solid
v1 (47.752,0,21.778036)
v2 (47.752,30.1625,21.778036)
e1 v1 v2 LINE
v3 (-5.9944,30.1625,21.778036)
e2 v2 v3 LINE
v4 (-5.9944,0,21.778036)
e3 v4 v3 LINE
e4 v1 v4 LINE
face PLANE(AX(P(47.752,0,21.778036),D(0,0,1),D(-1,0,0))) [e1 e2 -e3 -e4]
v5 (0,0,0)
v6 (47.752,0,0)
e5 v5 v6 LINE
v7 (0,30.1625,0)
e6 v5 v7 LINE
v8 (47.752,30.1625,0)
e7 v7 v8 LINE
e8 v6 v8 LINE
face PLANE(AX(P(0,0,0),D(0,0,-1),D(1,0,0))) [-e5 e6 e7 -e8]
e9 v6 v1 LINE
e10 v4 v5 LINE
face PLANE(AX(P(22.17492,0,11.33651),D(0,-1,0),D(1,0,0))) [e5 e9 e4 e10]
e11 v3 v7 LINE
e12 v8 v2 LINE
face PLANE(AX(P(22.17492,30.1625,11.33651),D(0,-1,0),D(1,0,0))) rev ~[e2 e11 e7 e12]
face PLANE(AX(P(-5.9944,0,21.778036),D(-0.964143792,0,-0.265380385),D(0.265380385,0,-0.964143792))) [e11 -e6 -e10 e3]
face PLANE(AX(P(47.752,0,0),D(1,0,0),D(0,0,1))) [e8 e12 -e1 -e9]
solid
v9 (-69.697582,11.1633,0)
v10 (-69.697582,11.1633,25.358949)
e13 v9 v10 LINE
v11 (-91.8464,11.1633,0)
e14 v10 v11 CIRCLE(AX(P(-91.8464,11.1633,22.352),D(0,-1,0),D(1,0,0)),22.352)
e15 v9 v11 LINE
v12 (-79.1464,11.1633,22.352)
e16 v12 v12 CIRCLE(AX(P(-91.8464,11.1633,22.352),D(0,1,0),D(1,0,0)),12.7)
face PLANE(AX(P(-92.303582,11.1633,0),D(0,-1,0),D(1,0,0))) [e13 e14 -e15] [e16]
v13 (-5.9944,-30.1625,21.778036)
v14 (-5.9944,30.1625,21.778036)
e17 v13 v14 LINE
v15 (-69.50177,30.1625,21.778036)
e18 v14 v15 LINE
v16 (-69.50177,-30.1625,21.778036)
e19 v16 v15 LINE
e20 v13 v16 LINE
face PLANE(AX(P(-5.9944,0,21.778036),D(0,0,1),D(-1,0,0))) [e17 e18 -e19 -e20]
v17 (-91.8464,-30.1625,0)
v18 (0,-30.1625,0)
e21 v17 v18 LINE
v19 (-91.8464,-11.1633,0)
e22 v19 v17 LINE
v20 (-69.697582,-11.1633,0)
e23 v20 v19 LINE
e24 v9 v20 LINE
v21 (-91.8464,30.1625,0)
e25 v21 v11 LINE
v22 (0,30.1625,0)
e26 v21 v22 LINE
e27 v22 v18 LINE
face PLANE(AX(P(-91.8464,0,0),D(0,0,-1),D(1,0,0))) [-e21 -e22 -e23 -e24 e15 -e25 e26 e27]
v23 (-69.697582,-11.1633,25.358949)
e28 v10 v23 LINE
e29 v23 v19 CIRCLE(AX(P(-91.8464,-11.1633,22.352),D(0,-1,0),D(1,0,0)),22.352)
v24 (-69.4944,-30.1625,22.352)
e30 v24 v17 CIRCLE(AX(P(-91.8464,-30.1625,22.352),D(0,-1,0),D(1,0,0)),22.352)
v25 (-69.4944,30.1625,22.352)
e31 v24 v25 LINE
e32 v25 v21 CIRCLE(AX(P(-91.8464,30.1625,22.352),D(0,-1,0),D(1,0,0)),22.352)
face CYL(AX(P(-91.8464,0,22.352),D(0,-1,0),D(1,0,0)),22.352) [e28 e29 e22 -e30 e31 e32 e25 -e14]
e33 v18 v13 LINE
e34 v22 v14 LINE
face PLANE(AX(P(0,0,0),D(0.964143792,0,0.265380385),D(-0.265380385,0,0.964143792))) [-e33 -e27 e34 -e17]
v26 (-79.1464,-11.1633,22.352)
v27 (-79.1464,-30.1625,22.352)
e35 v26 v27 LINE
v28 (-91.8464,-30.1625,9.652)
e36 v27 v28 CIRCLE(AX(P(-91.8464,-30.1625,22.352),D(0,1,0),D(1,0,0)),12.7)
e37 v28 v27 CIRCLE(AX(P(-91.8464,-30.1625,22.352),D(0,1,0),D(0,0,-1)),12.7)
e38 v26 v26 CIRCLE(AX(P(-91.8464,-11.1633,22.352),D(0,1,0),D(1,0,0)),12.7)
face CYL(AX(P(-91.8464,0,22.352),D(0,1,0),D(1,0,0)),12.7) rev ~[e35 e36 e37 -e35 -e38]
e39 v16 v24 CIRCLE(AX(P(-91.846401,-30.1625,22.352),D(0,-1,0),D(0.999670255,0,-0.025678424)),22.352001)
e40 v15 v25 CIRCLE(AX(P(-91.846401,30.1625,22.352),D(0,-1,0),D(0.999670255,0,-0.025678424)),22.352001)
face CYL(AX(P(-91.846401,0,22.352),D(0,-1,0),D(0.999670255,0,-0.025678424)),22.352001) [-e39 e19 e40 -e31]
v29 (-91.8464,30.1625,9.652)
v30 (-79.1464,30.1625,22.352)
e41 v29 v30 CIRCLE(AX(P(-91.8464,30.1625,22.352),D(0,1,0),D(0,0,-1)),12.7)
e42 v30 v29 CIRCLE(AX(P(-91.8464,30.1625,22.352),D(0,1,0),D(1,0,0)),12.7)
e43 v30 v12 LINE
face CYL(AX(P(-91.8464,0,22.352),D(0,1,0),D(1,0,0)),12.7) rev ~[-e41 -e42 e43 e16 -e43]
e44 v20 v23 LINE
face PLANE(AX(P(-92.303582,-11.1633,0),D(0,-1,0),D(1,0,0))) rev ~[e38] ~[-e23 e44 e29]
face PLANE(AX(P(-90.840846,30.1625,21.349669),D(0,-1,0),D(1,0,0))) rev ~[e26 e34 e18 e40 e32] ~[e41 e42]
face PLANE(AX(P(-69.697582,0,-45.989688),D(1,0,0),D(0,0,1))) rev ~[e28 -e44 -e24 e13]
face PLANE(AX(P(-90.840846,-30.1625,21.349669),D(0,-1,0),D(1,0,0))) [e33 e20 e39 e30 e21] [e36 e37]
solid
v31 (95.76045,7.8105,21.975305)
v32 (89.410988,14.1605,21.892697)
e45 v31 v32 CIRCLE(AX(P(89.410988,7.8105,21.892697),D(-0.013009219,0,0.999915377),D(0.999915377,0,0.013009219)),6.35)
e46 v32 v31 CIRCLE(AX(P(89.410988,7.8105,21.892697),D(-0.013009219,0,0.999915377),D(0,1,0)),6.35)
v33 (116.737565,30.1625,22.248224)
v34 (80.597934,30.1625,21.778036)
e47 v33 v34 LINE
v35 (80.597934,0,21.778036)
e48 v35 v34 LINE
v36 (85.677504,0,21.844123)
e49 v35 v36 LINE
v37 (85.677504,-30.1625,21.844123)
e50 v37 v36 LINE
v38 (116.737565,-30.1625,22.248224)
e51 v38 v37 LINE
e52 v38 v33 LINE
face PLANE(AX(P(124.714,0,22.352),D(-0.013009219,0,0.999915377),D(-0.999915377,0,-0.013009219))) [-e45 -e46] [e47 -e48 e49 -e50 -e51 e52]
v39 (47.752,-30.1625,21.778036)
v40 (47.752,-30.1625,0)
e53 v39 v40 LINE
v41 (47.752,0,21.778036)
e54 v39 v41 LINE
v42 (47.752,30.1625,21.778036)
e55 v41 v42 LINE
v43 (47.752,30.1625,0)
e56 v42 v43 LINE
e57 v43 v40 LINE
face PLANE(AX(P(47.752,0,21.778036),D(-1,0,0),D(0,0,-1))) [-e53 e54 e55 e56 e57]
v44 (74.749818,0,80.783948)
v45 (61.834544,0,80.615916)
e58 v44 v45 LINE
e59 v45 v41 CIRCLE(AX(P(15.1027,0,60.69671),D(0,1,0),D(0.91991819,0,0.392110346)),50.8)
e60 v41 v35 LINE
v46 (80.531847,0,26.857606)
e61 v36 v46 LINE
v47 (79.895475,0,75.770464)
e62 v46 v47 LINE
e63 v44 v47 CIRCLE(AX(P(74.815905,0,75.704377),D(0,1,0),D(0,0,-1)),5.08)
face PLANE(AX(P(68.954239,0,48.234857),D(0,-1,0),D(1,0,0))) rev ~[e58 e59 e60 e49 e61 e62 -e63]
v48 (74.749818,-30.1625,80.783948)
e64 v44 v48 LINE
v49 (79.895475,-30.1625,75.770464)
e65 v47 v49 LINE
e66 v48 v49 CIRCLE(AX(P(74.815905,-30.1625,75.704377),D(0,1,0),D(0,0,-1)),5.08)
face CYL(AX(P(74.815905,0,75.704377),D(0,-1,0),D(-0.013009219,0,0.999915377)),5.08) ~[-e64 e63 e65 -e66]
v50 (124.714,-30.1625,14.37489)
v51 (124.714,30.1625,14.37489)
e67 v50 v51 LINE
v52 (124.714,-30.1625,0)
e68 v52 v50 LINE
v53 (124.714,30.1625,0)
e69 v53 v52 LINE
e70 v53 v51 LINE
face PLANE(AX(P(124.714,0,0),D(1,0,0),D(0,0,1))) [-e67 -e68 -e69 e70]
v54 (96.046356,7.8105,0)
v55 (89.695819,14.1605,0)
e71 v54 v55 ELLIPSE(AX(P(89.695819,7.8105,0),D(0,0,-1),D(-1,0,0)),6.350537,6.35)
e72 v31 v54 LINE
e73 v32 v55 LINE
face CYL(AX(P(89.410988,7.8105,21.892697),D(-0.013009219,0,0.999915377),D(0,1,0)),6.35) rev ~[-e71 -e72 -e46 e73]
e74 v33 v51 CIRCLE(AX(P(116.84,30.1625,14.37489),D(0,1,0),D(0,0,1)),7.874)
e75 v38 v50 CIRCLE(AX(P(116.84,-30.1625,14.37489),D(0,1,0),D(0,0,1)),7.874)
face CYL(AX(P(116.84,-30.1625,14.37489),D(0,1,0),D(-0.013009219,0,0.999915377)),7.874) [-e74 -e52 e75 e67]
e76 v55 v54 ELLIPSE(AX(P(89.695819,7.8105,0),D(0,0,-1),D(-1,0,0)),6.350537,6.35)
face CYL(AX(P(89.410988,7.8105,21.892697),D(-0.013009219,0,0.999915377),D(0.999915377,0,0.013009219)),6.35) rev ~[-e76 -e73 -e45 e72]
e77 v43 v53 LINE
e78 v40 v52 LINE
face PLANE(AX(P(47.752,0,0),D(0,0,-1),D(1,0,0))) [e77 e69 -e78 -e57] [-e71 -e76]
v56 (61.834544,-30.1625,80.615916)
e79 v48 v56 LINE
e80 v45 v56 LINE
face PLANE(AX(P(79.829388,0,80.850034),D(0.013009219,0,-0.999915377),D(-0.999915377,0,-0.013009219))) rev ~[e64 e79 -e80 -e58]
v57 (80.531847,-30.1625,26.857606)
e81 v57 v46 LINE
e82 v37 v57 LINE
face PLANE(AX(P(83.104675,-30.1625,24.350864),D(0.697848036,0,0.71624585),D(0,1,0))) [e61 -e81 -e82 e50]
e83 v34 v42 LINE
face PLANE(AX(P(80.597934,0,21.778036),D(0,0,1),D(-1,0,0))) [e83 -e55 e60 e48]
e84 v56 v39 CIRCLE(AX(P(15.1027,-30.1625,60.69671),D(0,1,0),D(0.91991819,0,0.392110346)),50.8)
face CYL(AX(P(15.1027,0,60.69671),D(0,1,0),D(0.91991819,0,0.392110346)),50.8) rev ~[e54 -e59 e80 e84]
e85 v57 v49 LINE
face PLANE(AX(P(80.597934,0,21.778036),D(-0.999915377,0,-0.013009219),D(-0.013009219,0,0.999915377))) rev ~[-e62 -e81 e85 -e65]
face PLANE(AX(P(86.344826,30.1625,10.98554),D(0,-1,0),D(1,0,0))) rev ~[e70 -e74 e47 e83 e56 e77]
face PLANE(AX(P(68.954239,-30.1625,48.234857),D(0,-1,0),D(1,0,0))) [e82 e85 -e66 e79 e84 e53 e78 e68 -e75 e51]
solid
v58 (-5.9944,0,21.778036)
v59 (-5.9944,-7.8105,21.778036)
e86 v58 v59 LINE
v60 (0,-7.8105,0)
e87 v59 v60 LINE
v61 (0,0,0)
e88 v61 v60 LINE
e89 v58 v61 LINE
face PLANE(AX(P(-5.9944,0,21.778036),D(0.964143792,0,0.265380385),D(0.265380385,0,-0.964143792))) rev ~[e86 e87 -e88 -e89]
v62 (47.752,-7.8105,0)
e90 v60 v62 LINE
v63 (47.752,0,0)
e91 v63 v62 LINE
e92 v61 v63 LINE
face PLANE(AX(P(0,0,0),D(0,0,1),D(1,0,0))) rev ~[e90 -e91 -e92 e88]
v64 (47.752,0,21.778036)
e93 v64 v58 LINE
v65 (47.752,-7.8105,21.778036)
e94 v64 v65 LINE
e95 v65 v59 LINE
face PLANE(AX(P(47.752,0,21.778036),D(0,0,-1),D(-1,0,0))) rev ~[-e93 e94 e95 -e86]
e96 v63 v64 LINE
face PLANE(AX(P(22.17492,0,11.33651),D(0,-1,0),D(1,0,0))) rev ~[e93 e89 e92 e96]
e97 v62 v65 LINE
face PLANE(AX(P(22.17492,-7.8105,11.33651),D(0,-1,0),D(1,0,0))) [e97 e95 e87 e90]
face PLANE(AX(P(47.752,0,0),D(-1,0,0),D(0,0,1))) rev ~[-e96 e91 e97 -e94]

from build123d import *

# Parameters (mm, degrees)
F1_DEPTH = 30.1625
F2_DEPTH = 30.1625
F4_DEPTH = 80.772
F5_W     = 45.212
F5_H     = 91.9793769717
F6_DEPTH = 11.1633
F7_DEPTH = 30.1625
F8_DEPTH = 7.8105
F9_R     = 5.08
F10_R    = 7.874
F11_SIZE = 5.08


with BuildPart() as f1:
    # F0 (on Front) → F1 (new body, symmetric)
    with BuildSketch(Plane.XZ):
        with BuildLine():
            ThreePointArc((-69.4944, 22.352), (-107.6516507731, 38.1572507731), (-91.8464, 0))
            ThreePointArc((-91.8464, 0), (-76.245395903, 6.3451085102), (-69.5017704624, 21.7780358656))
            ThreePointArc((-69.5017704624, 21.7780358656), (-69.4962426916, 22.0649942722), (-69.4944, 22.352))
        make_face()
        with BuildLine():
            ThreePointArc((-79.1464, 22.352), (-82.8661438789, 13.3717438789), (-91.8464, 9.652))
            ThreePointArc((-91.8464, 9.652), (-100.8266561211, 31.3322561211), (-79.1464, 22.352))
        make_face(mode=Mode.SUBTRACT)
        with BuildLine():
            Line((-91.8464, 0), (0, 0))
            Line((0, 0), (-5.9944, 21.7780358656))
            Line((-5.9944, 21.7780358656), (-69.5017704624, 21.7780358656))
            ThreePointArc((-69.5017704624, 21.7780358656), (-76.245395903, 6.3451085102), (-91.8464, 0))
        make_face()
    extrude(amount=F1_DEPTH, both=True)

    # F5 (on face) → F6 (cut, symmetric)
    with BuildSketch(Plane.XZ):
        with Locations((-92.3035815358, 0)):
            Rectangle(F5_W, F5_H)
    extrude(amount=F6_DEPTH, both=True, mode=Mode.SUBTRACT)


with BuildPart() as f1b:
    # F0 (on Front) → F1, piece 2 (new body, symmetric)
    with BuildSketch(Plane.XZ):
        Polygon((47.752, 21.7780358656), (47.752, 0), (124.714, 0), (124.714, 22.352), (80.5979335705, 21.7780358656), align=None)
    extrude(amount=F1_DEPTH, both=True)

    # F0 (on Front) → F2 (join)
    with BuildSketch(Plane.XZ):
        with BuildLine():
            ThreePointArc((61.8345440238, 80.6159156896), (64.5073104258, 48.8719706275), (47.752, 21.7780358656))
            Line((47.752, 21.7780358656), (80.5979335705, 21.7780358656))
            Line((80.5979335705, 21.7780358656), (79.8293879764, 80.8500343649))
            Line((79.8293879764, 80.8500343649), (61.8345440238, 80.6159156896))
        make_face()
    extrude(amount=F2_DEPTH)

    # F3 (on face) → F4 (cut)
    with BuildSketch(Plane(origin=(-0.2696508837, 0, 20.7259227271), x_dir=(0.9999153765, 0, 0.0130092189), z_dir=(-0.0130092189, 0, 0.9999153765))):
        with BuildLine():
            ThreePointArc((96.0382283288, 7.8105), (94.1783563893, 12.3006280605), (89.6882283288, 14.1605))
            ThreePointArc((89.6882283288, 14.1605), (85.1981002683, 3.3203719395), (96.0382283288, 7.8105))
        make_face()
    extrude(amount=-F4_DEPTH, mode=Mode.SUBTRACT)

    # F9
    f9_edges = [f1b.edges().sort_by_distance(p)[0] for p in [
        (79.829388, -15.08125, 80.850034),
    ]]
    fillet(f9_edges, radius=F9_R)

    # F10
    f10_edges = [f1b.edges().sort_by_distance(p)[0] for p in [
        (124.714, 0, 22.352),
    ]]
    fillet(f10_edges, radius=F10_R)

    # F11
    f11_edges = [f1b.edges().sort_by_distance(p)[0] for p in [
        (80.597934, 15.08125, 21.778036),
        (80.597934, -15.08125, 21.778036),
    ]]
    chamfer(f11_edges, length=F11_SIZE)


with BuildPart() as f7:
    # F0 (on Front) → F7 (new body)
    with BuildSketch(Plane.XZ):
        Polygon((-5.9944, 21.7780358656), (0, 0), (47.752, 0), (47.752, 21.7780358656), align=None)
    extrude(amount=-F7_DEPTH)


with BuildPart() as f8:
    # F0 (on Front) → F8 (new body)
    with BuildSketch(Plane.XZ):
        Polygon((-5.9944, 21.7780358656), (0, 0), (47.752, 0), (47.752, 21.7780358656), align=None)
    extrude(amount=F8_DEPTH)


solid = Compound([f1.part, f1b.part, f7.part, f8.part])
